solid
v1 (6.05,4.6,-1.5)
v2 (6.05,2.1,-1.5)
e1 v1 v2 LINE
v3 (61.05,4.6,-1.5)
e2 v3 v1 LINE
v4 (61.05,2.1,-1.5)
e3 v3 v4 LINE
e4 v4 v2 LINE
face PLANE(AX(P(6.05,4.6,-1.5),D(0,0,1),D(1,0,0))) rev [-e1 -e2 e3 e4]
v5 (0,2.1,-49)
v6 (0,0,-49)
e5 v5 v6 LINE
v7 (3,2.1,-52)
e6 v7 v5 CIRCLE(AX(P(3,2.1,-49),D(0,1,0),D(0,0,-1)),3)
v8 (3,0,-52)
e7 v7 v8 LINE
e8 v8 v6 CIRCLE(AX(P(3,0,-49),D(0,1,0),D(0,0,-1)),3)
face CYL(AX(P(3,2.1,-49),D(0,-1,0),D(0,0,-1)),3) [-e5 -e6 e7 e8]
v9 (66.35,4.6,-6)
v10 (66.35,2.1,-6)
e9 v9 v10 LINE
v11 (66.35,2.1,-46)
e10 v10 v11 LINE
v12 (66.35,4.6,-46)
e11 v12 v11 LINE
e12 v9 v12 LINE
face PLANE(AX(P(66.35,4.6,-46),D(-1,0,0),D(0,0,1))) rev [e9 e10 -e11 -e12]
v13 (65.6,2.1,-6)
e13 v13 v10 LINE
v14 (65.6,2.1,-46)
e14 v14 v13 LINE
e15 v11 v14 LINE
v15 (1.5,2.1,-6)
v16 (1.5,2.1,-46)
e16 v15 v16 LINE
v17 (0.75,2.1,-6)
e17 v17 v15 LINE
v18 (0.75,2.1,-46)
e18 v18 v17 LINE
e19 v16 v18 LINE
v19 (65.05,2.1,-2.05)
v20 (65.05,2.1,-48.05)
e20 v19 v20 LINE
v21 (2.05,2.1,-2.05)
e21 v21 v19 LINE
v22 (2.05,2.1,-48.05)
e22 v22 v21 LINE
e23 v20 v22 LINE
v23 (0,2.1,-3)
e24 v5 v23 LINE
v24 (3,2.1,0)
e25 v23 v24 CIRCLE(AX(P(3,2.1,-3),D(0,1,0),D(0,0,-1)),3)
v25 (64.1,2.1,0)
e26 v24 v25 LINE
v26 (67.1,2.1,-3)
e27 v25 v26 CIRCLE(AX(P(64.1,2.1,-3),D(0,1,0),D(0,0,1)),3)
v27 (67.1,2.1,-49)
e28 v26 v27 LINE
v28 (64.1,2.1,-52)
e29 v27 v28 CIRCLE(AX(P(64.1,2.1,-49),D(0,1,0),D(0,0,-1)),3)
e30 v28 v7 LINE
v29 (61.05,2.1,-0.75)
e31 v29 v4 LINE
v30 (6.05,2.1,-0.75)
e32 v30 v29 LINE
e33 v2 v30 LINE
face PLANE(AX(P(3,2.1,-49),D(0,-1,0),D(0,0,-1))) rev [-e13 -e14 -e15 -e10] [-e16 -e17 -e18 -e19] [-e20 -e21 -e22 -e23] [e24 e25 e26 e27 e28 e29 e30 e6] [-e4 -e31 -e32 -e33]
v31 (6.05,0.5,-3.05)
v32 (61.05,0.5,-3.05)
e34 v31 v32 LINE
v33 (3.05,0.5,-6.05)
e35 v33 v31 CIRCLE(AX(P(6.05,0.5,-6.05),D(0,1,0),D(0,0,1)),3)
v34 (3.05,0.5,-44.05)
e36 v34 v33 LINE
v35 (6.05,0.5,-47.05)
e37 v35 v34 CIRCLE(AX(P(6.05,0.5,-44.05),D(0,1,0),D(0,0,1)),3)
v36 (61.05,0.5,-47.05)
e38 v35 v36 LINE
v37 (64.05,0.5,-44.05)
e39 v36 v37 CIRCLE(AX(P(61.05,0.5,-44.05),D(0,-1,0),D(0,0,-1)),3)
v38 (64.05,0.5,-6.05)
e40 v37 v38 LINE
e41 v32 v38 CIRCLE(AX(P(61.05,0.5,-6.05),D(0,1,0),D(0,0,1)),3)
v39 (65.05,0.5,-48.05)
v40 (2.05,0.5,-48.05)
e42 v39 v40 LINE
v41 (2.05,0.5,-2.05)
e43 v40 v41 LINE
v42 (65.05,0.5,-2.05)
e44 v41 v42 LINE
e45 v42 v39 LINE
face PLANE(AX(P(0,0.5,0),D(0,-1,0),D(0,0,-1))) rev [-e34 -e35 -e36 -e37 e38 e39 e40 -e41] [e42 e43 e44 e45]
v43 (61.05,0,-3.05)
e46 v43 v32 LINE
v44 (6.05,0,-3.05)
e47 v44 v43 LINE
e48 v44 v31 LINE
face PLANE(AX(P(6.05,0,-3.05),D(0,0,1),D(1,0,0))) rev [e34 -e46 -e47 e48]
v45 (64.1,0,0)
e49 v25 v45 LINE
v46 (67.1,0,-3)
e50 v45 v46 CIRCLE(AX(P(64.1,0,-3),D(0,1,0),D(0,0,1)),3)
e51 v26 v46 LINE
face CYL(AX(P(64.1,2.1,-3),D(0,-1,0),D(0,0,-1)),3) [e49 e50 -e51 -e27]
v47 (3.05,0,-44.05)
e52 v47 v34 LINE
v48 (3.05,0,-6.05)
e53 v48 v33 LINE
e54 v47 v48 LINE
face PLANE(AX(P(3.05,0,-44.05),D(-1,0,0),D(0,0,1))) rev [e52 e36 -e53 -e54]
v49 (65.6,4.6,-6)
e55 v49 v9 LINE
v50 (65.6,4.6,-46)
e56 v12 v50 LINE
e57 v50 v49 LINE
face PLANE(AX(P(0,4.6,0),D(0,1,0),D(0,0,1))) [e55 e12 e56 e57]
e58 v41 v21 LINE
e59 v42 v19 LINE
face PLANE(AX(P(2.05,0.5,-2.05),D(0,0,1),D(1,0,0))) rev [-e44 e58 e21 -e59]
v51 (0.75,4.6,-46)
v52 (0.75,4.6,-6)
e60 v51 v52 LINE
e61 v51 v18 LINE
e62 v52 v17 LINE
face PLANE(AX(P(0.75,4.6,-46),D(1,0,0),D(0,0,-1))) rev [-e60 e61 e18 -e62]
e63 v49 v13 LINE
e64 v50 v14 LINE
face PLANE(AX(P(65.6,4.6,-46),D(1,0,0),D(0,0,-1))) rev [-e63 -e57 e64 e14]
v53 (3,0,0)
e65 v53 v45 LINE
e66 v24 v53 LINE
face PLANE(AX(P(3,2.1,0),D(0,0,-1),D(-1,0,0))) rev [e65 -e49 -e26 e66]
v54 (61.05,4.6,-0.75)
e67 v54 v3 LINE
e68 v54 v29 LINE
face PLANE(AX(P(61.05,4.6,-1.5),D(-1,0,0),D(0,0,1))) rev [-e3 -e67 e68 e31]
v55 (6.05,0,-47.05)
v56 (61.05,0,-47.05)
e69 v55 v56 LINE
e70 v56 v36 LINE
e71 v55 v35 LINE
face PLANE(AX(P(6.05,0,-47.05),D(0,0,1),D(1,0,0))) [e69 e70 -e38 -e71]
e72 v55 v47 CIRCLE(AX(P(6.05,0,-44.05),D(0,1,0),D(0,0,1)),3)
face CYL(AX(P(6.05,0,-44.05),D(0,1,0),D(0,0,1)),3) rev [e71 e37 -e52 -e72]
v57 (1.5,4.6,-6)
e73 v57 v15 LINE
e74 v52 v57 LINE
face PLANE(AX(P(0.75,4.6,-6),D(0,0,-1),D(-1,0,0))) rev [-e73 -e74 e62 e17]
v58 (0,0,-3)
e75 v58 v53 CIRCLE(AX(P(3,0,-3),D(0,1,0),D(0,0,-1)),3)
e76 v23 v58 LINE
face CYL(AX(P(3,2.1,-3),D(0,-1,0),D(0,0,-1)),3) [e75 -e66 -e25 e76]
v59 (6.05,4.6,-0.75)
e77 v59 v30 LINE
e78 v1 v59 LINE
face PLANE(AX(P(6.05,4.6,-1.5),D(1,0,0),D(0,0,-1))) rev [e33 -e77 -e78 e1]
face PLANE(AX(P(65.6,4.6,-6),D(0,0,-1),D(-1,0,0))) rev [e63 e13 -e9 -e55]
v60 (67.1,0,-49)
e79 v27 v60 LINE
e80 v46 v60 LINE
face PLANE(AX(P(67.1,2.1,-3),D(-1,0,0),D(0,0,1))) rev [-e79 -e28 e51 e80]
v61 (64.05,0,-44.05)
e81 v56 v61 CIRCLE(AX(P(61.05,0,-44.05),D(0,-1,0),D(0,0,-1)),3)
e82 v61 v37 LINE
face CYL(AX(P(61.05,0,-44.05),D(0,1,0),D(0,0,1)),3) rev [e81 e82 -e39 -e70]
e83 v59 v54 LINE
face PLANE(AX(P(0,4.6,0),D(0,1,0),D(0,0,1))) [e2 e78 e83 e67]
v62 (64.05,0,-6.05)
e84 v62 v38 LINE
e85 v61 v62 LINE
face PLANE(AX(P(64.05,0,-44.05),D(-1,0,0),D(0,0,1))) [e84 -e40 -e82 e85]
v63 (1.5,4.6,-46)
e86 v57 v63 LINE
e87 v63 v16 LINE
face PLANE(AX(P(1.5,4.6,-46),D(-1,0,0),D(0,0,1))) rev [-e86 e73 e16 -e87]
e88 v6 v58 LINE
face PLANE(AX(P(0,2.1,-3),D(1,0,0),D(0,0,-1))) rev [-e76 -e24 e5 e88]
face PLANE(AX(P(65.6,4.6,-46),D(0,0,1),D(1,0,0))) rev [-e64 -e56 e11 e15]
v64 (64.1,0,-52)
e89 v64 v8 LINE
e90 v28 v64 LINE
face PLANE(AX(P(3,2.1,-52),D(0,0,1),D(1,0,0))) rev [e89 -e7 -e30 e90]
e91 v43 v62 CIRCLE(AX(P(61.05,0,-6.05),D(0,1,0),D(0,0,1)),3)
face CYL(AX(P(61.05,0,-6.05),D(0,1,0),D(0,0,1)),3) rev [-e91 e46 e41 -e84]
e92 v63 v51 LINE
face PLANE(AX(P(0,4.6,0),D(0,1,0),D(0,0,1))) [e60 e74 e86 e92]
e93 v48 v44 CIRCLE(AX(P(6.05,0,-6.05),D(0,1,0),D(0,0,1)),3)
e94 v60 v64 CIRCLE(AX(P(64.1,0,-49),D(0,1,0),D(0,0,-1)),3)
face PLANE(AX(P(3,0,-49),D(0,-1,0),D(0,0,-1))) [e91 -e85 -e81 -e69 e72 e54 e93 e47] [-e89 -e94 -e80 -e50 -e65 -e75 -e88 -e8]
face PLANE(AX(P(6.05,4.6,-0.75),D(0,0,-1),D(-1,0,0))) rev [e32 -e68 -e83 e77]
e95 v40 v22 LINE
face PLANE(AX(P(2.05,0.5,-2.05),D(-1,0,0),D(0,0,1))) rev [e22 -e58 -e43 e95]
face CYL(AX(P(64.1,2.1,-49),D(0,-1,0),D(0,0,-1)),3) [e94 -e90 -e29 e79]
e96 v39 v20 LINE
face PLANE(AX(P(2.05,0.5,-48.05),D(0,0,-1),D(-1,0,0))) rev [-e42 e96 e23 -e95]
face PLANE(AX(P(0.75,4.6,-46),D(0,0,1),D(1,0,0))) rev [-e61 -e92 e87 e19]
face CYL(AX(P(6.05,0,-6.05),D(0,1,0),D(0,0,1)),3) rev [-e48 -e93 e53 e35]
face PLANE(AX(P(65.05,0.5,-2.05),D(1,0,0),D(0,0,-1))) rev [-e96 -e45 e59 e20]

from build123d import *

# Parameters (mm, degrees)
BOSS_EXTRUDE1_DEPTH = 2.1
SKETCH3_W           = 63
SKETCH3_H           = 46
CUT_EXTRUDE1_DEPTH  = 1.6
CUT_EXTRUDE2_DEPTH  = 0.5
SKETCH6_W           = 0.75
SKETCH6_H           = 40
SKETCH6_W_2         = 55
SKETCH6_H_2         = 0.75
BOSS_EXTRUDE2_DEPTH = 2.5


with BuildPart() as part:
    # Sketch1 → Boss-Extrude1 (new body)
    with BuildSketch(Plane(origin=(0, 0, 0), x_dir=(1, 0, 0), z_dir=(0, 1, 0))):
        with BuildLine():
            Line((3, 0), (64.1, 0))
            ThreePointArc((64.1, 0), (66.221320344, 0.878679656), (67.1, 3))
            Line((67.1, 3), (67.1, 49))
            ThreePointArc((67.1, 49), (66.221320344, 51.121320344), (64.1, 52))
            Line((64.1, 52), (3, 52))
            ThreePointArc((3, 52), (0.878679656, 51.121320344), (0, 49))
            Line((0, 49), (0, 3))
            ThreePointArc((0, 3), (0.878679656, 0.878679656), (3, 0))
        make_face()
    extrude(amount=BOSS_EXTRUDE1_DEPTH)

    # Sketch3 → Cut-Extrude1 (cut)
    with BuildSketch(Plane(origin=(0, 2.1, 0), x_dir=(1, 0, 0), z_dir=(0, 1, 0))):
        with Locations((33.55, 25.05)):
            Rectangle(SKETCH3_W, SKETCH3_H)
    extrude(amount=-CUT_EXTRUDE1_DEPTH, mode=Mode.SUBTRACT)

    # Sketch5 → Cut-Extrude2 (cut)
    with BuildSketch(Plane(origin=(0, 0.5, 0), x_dir=(1, 0, 0), z_dir=(0, 1, 0))):
        with BuildLine():
            Line((6.05, 47.05), (61.05, 47.05))
            ThreePointArc((61.05, 47.05), (63.171320344, 46.171320344), (64.05, 44.05))
            Line((64.05, 44.05), (64.05, 6.05))
            ThreePointArc((64.05, 6.05), (63.171320344, 3.928679656), (61.05, 3.05))
            Line((61.05, 3.05), (6.05, 3.05))
            ThreePointArc((6.05, 3.05), (3.928679656, 3.928679656), (3.05, 6.05))
            Line((3.05, 6.05), (3.05, 44.05))
            ThreePointArc((3.05, 44.05), (3.928679656, 46.171320344), (6.05, 47.05))
        make_face()
    extrude(amount=-CUT_EXTRUDE2_DEPTH, mode=Mode.SUBTRACT)

    # Sketch6 → Boss-Extrude2 (add)
    with BuildSketch(Plane(origin=(0, 2.1, 0), x_dir=(1, 0, 0), z_dir=(0, 1, 0))):
        with Locations((65.975, 26)):
            Rectangle(SKETCH6_W, SKETCH6_H)
        with Locations((1.125, 26)):
            Rectangle(SKETCH6_W, SKETCH6_H)
        with Locations((33.55, 1.125)):
            Rectangle(SKETCH6_W_2, SKETCH6_H_2)
    extrude(amount=BOSS_EXTRUDE2_DEPTH)


solid = part.part
